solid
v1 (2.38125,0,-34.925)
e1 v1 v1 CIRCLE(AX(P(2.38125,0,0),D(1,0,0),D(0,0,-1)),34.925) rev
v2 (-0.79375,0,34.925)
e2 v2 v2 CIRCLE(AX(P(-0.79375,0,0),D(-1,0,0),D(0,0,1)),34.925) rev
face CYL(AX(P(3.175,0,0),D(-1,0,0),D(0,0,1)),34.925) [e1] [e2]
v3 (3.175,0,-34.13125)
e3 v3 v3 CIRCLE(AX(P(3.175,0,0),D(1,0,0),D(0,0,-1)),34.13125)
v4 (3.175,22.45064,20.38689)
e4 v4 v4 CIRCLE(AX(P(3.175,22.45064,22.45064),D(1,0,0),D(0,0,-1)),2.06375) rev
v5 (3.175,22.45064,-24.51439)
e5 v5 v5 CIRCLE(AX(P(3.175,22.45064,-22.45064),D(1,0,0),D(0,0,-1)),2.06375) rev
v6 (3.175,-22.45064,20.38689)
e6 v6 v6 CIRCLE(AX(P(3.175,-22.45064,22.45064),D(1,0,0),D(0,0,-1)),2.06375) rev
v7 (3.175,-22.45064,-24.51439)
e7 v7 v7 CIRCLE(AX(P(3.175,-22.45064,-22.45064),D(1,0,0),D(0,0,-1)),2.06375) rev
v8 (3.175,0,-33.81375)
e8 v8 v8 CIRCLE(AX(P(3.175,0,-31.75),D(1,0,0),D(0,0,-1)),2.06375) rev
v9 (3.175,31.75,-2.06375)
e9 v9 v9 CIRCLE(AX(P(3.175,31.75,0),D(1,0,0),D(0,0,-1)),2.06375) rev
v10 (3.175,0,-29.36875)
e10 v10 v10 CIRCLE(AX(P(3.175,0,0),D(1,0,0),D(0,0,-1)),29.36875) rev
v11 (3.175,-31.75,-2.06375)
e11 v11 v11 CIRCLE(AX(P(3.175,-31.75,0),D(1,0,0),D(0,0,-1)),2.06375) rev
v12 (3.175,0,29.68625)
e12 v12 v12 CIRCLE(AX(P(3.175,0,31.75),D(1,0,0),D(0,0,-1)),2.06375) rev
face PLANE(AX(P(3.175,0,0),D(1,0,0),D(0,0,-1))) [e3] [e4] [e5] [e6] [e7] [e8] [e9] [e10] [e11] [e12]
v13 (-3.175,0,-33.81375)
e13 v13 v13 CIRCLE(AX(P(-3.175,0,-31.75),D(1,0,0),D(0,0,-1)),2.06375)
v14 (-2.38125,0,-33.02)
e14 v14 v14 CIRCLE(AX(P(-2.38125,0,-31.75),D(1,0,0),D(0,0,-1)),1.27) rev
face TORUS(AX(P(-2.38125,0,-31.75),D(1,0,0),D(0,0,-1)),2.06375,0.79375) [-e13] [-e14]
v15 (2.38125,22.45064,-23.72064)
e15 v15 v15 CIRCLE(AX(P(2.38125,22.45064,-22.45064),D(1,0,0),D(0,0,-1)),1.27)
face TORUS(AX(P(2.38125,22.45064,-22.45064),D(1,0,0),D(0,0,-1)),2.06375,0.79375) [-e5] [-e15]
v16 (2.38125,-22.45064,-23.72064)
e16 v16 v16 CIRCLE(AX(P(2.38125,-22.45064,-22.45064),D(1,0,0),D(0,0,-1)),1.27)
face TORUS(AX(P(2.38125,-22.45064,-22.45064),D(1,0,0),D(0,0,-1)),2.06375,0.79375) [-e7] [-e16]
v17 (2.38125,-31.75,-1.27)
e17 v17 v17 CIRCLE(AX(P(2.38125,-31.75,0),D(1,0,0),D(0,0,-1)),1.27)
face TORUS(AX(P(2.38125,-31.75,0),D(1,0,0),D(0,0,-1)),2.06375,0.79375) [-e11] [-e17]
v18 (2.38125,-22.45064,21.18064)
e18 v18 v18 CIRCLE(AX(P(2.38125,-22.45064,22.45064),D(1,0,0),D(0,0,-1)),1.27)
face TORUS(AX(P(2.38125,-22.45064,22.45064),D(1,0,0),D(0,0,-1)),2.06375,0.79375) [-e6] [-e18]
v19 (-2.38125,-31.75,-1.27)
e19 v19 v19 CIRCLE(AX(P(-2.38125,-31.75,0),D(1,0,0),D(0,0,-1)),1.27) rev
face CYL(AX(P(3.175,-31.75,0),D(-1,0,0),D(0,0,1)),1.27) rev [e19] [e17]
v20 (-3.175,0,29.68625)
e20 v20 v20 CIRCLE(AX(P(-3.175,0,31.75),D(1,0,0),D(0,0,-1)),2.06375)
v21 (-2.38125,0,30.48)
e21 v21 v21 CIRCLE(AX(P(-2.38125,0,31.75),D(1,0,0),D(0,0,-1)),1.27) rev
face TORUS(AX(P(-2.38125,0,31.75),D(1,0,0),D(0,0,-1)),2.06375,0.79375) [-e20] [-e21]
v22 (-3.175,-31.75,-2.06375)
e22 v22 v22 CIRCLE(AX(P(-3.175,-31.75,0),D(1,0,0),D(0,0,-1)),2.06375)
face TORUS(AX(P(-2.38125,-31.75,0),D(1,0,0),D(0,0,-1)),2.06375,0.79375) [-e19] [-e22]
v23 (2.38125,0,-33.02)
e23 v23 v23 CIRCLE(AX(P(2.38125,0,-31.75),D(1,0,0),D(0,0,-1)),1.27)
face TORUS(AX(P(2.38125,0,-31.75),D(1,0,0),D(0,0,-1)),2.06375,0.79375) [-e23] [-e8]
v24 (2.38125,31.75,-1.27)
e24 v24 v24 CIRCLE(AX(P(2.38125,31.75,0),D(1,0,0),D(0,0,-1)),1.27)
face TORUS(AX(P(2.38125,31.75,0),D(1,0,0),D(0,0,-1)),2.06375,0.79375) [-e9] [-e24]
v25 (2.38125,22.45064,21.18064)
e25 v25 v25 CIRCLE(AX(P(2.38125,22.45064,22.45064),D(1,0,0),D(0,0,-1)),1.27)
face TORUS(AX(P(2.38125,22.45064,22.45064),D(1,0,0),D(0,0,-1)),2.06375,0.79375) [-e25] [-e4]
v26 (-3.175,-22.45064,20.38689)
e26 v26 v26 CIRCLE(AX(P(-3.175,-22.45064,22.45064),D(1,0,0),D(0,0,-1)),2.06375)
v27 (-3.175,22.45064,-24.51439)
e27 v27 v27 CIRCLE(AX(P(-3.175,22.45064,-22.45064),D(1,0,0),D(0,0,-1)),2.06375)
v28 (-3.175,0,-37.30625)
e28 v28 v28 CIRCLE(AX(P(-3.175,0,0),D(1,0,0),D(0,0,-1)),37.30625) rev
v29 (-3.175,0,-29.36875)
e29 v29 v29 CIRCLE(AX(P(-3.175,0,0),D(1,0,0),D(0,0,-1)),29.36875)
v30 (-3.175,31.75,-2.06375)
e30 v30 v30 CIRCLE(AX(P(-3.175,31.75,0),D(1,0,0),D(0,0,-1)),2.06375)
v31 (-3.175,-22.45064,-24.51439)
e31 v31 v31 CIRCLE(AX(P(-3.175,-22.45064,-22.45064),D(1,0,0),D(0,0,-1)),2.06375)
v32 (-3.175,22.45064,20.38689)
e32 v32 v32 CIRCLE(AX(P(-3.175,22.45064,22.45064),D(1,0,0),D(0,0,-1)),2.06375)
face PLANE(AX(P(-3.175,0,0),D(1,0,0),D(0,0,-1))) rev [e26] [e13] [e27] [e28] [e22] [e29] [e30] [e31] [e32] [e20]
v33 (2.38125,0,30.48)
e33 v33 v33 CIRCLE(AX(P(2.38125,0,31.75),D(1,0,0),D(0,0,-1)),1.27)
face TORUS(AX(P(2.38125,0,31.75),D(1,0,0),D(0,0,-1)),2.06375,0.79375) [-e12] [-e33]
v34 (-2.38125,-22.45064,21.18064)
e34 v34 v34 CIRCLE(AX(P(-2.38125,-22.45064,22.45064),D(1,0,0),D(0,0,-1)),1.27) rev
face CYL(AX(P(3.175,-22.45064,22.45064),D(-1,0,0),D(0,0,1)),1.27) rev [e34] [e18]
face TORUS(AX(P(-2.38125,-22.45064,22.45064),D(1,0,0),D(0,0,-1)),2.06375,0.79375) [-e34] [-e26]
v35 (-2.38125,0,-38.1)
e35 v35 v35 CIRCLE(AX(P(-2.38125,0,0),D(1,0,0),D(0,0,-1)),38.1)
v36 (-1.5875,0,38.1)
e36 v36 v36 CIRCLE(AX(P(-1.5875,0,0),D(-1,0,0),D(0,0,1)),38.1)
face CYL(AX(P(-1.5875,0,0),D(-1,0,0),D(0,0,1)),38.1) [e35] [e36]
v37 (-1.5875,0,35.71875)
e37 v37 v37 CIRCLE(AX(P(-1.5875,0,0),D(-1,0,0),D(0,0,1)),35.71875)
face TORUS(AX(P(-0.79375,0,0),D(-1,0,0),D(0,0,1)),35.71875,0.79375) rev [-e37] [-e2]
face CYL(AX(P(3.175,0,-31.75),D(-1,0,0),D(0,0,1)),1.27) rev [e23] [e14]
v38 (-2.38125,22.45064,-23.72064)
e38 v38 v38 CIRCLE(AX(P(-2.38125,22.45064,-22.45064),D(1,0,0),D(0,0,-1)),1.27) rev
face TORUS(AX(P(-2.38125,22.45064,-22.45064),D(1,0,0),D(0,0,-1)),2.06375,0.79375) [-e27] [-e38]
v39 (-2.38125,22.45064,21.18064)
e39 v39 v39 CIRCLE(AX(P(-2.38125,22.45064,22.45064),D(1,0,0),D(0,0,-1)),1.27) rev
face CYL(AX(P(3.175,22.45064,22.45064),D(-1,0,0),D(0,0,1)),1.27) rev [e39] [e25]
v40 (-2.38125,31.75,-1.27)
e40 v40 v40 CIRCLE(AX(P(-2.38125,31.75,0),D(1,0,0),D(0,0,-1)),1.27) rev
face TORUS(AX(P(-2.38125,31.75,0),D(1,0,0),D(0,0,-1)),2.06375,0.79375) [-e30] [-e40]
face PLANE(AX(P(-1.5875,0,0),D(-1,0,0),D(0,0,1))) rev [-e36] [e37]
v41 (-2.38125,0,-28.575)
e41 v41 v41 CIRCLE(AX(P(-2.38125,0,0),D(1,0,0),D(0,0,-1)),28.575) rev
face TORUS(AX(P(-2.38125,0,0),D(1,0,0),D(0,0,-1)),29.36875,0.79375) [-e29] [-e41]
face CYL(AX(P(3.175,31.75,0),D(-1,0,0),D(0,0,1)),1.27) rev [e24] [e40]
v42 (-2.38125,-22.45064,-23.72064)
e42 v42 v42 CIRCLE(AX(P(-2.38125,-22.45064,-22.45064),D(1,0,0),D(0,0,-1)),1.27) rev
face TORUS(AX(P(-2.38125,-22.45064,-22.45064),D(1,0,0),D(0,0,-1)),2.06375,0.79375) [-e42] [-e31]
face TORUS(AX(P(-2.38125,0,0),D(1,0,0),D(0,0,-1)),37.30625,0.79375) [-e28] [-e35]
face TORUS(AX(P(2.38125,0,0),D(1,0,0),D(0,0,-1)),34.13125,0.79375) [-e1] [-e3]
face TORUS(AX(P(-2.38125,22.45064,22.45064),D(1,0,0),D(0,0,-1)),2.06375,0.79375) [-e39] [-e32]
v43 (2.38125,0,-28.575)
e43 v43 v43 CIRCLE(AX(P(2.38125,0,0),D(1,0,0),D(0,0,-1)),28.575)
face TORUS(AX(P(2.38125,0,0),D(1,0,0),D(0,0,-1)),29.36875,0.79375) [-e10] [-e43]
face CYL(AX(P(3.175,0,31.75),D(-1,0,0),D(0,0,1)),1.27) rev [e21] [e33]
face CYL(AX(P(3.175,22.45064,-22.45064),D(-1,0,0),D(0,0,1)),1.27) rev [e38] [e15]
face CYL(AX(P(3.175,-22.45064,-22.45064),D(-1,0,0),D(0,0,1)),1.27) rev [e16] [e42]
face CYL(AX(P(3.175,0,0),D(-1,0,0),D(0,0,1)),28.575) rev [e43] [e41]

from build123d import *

# Parameters (mm, degrees)
SKETCH1_R           = 34.925
SKETCH1_R_2         = 28.575
SKETCH1_R_3         = 1.27
BOSS_EXTRUDE1_DEPTH = 3.175
BOSS_EXTRUDE2_START = -1.5875
SKETCH2_R           = 38.1
SKETCH2_R_2         = 34.925
BOSS_EXTRUDE2_DEPTH = 1.5875
FILLET1_R           = 0.79375


with BuildPart() as part:
    # Sketch1 → Boss-Extrude1 (new, symmetric)
    with BuildSketch(Plane(origin=(0, 0, 0), x_dir=(0, 0, -1), z_dir=(1, 0, 0))):
        Circle(SKETCH1_R)
        Circle(SKETCH1_R_2, mode=Mode.SUBTRACT)
        with Locations((-31.75, 0)):
            Circle(SKETCH1_R_3, mode=Mode.SUBTRACT)
        with Locations((-22.450640303, 22.450640303)):
            Circle(SKETCH1_R_3, mode=Mode.SUBTRACT)
        with Locations((0, 31.75)):
            Circle(SKETCH1_R_3, mode=Mode.SUBTRACT)
        with Locations((22.450640303, 22.450640303)):
            Circle(SKETCH1_R_3, mode=Mode.SUBTRACT)
        with Locations((31.75, 0)):
            Circle(SKETCH1_R_3, mode=Mode.SUBTRACT)
        with Locations((22.450640303, -22.450640303)):
            Circle(SKETCH1_R_3, mode=Mode.SUBTRACT)
        with Locations((0, -31.75)):
            Circle(SKETCH1_R_3, mode=Mode.SUBTRACT)
        with Locations((-22.450640303, -22.450640303)):
            Circle(SKETCH1_R_3, mode=Mode.SUBTRACT)
    extrude(amount=BOSS_EXTRUDE1_DEPTH, both=True)

    # Sketch2 → Boss-Extrude2 (add)
    with BuildSketch(Plane.ZY.offset(3.175).offset(BOSS_EXTRUDE2_START)):
        Circle(SKETCH2_R)
        Circle(SKETCH2_R_2, mode=Mode.SUBTRACT)
    extrude(amount=BOSS_EXTRUDE2_DEPTH)

    # Fillet1
    fillet1_edges = [part.edges().sort_by_distance(p)[0] for p in [
        (-3.175, 22.450640303, 23.720640303),
        (3.175, 22.450640303, 23.720640303),
        (-3.175, 31.75, 1.27),
        (3.175, 31.75, 1.27),
        (-3.175, 22.450640303, -21.180640303),
        (3.175, 22.450640303, -21.180640303),
        (-3.175, 0, -30.48),
        (3.175, 0, -30.48),
        (-3.175, -22.450640303, -21.180640303),
        (3.175, -22.450640303, -21.180640303),
        (-3.175, -31.75, 1.27),
        (3.175, -31.75, 1.27),
        (-3.175, -22.450640303, 23.720640303),
        (3.175, -22.450640303, 23.720640303),
        (-1.5875, 0, 34.925),
        (-3.175, 0, -38.1),
        (3.175, 0, 34.925),
        (-3.175, 0, 28.575),
        (3.175, 0, 28.575),
        (-3.175, 0, 33.02),
        (3.175, 0, 33.02),
    ]]
    fillet(fillet1_edges, radius=FILLET1_R)


solid = part.part
